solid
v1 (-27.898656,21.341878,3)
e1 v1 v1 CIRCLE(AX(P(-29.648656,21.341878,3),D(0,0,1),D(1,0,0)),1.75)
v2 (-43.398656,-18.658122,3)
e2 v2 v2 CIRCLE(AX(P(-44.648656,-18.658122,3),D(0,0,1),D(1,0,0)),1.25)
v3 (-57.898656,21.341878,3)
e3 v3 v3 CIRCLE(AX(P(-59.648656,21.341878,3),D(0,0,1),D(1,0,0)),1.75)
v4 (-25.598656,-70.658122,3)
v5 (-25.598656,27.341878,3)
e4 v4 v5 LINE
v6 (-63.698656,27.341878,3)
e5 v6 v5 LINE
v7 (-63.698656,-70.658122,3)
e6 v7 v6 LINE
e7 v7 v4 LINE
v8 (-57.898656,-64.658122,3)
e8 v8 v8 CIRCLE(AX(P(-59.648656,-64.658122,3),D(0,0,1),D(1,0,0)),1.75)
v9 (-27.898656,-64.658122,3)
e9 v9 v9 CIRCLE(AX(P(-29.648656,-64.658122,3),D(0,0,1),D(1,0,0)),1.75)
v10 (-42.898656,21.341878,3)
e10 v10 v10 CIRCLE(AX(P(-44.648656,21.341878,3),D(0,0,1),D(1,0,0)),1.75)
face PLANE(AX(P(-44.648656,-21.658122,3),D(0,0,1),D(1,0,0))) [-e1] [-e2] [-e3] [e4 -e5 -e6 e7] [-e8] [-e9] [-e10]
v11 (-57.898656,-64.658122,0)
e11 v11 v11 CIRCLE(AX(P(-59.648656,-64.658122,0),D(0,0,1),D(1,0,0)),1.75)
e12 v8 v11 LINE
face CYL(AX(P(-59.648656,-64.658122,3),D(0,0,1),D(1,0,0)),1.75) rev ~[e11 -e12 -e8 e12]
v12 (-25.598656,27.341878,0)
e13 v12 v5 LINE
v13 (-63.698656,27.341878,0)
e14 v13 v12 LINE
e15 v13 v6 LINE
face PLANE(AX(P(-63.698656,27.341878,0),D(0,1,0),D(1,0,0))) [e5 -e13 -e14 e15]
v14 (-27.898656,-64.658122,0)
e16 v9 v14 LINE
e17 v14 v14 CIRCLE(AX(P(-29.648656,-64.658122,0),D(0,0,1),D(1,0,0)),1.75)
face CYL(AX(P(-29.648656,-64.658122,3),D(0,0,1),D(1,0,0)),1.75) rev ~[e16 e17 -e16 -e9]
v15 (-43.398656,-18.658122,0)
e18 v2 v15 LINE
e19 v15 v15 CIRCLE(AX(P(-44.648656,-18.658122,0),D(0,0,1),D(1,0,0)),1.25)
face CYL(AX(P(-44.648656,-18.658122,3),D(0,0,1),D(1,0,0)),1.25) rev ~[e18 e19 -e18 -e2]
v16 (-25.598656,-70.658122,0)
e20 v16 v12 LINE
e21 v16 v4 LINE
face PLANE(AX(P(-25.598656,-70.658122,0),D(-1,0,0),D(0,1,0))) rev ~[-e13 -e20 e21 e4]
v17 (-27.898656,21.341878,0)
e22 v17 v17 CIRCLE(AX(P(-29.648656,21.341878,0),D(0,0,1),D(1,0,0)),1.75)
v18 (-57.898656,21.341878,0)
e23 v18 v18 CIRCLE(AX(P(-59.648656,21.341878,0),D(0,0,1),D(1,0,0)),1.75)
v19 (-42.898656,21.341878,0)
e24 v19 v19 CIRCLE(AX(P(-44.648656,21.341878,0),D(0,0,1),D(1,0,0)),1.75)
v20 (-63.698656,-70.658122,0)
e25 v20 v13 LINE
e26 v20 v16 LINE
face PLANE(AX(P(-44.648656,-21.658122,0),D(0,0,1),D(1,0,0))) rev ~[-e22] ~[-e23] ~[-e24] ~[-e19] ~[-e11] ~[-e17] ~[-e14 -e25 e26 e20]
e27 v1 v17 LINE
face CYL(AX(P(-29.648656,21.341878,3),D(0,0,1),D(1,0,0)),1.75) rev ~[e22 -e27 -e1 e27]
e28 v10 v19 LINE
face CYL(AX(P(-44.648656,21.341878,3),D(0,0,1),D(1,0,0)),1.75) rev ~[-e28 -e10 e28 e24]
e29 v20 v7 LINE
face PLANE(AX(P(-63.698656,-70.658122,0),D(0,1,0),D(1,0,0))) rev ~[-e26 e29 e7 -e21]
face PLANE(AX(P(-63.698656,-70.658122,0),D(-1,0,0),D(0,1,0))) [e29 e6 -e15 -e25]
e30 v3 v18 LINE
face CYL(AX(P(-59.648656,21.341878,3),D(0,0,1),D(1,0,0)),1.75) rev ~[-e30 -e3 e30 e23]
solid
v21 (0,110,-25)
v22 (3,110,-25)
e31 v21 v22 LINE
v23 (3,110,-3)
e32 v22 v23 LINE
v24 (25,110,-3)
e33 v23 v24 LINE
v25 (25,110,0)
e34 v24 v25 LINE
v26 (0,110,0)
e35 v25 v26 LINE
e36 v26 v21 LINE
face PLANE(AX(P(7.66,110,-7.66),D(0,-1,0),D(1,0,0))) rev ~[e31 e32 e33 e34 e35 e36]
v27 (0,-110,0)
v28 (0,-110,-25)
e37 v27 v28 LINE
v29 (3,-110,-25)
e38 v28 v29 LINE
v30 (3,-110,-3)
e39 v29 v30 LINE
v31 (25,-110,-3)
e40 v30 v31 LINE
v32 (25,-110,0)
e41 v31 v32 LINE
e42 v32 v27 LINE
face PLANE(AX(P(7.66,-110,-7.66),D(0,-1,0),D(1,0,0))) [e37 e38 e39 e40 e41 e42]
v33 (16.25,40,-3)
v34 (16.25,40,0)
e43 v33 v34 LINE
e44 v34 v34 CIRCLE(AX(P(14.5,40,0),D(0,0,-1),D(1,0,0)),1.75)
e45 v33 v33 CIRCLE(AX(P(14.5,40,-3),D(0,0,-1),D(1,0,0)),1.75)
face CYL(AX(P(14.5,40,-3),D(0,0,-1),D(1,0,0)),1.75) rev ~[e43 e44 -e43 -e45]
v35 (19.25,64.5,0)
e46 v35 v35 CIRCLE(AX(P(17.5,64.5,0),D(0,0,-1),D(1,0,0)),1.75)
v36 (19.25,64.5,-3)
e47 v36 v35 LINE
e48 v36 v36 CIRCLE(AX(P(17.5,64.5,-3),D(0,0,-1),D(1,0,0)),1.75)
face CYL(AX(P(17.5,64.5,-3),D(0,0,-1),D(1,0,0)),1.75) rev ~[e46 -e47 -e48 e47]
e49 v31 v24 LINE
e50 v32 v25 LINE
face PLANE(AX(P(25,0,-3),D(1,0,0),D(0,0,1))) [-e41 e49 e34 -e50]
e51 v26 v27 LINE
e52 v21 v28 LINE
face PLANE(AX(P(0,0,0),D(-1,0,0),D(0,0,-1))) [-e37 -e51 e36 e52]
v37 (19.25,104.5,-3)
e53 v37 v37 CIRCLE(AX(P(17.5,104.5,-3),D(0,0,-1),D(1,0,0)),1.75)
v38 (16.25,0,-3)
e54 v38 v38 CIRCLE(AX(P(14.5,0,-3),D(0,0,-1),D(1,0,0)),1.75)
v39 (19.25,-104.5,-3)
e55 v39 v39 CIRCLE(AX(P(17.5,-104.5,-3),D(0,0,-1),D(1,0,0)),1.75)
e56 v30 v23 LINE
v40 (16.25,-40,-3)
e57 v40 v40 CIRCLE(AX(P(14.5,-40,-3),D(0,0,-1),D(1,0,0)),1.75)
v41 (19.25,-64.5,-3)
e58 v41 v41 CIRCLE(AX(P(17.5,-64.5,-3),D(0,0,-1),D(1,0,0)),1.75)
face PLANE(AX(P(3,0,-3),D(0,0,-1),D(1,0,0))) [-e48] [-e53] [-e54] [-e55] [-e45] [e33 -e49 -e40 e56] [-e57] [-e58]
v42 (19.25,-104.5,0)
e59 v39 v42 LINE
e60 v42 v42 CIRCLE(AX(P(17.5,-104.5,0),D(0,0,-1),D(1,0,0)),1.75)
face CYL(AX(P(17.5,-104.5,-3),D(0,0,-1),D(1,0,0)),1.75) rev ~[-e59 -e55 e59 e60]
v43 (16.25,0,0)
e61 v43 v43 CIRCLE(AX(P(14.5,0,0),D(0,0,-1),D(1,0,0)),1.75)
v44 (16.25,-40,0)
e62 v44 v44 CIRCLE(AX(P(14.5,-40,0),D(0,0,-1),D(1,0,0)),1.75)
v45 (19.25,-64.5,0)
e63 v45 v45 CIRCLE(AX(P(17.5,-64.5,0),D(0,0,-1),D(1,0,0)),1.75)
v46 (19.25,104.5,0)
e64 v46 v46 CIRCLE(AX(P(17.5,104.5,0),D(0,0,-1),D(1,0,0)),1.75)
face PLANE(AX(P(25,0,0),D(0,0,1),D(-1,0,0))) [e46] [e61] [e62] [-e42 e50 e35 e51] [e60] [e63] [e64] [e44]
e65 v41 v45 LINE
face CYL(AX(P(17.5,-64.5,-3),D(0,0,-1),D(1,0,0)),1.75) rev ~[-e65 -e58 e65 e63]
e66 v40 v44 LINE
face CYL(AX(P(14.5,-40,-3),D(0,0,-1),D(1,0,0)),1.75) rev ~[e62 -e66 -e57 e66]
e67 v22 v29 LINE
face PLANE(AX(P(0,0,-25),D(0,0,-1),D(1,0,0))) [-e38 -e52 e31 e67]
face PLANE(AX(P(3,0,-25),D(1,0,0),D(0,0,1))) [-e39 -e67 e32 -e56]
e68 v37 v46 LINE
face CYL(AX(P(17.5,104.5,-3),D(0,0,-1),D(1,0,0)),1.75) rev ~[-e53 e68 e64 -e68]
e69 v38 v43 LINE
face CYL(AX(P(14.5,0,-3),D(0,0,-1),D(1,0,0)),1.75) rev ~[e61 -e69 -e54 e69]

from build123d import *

# Parameters (mm, degrees)
F1_DEPTH = 110
F2_R     = 1.75
F3_DEPTH = 3.001
F4_W     = 38.1
F4_H     = 98
F5_DEPTH = 3
F6_R     = 1.75
F7_DEPTH = 6.001
F8_R     = 1.75
F8_R_2   = 1.25
F9_DEPTH = 28.001


with BuildPart() as f1:
    # F0 (on Front) → F1 (new body, symmetric)
    with BuildSketch(Plane.XZ):
        Polygon((25, 0), (0, 0), (0, -25), (3, -25), (3, -3), (25, -3), align=None)
    extrude(amount=F1_DEPTH, both=True)

    # F2 (on face) → F3 (cut, through all)
    with BuildSketch(Plane(origin=(0, 0, -3), x_dir=(1, 0, 0), z_dir=(0, 0, -1))):
        with Locations((17.5, 104.5)):
            Circle(F2_R)
        with Locations((17.5, -104.5)):
            Circle(F2_R)
        with Locations((17.5, 64.5)):
            Circle(F2_R)
        with Locations((17.5, -64.5)):
            Circle(F2_R)
    extrude(amount=-F3_DEPTH, mode=Mode.SUBTRACT)

    # F6 (on face) → F7 (cut, through all)
    with BuildSketch(Plane(origin=(0, 0, -3), x_dir=(1, 0, 0), z_dir=(0, 0, -1))):
        with Locations((14.5, 40)):
            Circle(F6_R)
        with Locations((14.5, 0)):
            Circle(F6_R)
        with Locations((14.5, -40)):
            Circle(F6_R)
    extrude(amount=-F7_DEPTH, mode=Mode.SUBTRACT)


with BuildPart() as f5:
    # F4 (on Top) → F5 (new body)
    with BuildSketch(Plane.XY):
        with Locations((-44.648656, -21.658122)):
            Rectangle(F4_W, F4_H)
    extrude(amount=F5_DEPTH)

    # F8 (on face) → F9 (cut, through all)
    with BuildSketch(Plane.XY.offset(3)):
        with Locations((-59.648656, 21.341878)):
            Circle(F8_R)
        with Locations((-29.648656, 21.341878)):
            Circle(F8_R)
        with Locations((-59.648656, -64.658122)):
            Circle(F8_R)
        with Locations((-29.648656, -64.658122)):
            Circle(F8_R)
        with Locations((-44.648656, 21.341878)):
            Circle(F8_R)
        with Locations((-44.648656, -18.658122)):
            Circle(F8_R_2)
    extrude(amount=-F9_DEPTH, mode=Mode.SUBTRACT)


solid = Compound([f1.part, f5.part])
